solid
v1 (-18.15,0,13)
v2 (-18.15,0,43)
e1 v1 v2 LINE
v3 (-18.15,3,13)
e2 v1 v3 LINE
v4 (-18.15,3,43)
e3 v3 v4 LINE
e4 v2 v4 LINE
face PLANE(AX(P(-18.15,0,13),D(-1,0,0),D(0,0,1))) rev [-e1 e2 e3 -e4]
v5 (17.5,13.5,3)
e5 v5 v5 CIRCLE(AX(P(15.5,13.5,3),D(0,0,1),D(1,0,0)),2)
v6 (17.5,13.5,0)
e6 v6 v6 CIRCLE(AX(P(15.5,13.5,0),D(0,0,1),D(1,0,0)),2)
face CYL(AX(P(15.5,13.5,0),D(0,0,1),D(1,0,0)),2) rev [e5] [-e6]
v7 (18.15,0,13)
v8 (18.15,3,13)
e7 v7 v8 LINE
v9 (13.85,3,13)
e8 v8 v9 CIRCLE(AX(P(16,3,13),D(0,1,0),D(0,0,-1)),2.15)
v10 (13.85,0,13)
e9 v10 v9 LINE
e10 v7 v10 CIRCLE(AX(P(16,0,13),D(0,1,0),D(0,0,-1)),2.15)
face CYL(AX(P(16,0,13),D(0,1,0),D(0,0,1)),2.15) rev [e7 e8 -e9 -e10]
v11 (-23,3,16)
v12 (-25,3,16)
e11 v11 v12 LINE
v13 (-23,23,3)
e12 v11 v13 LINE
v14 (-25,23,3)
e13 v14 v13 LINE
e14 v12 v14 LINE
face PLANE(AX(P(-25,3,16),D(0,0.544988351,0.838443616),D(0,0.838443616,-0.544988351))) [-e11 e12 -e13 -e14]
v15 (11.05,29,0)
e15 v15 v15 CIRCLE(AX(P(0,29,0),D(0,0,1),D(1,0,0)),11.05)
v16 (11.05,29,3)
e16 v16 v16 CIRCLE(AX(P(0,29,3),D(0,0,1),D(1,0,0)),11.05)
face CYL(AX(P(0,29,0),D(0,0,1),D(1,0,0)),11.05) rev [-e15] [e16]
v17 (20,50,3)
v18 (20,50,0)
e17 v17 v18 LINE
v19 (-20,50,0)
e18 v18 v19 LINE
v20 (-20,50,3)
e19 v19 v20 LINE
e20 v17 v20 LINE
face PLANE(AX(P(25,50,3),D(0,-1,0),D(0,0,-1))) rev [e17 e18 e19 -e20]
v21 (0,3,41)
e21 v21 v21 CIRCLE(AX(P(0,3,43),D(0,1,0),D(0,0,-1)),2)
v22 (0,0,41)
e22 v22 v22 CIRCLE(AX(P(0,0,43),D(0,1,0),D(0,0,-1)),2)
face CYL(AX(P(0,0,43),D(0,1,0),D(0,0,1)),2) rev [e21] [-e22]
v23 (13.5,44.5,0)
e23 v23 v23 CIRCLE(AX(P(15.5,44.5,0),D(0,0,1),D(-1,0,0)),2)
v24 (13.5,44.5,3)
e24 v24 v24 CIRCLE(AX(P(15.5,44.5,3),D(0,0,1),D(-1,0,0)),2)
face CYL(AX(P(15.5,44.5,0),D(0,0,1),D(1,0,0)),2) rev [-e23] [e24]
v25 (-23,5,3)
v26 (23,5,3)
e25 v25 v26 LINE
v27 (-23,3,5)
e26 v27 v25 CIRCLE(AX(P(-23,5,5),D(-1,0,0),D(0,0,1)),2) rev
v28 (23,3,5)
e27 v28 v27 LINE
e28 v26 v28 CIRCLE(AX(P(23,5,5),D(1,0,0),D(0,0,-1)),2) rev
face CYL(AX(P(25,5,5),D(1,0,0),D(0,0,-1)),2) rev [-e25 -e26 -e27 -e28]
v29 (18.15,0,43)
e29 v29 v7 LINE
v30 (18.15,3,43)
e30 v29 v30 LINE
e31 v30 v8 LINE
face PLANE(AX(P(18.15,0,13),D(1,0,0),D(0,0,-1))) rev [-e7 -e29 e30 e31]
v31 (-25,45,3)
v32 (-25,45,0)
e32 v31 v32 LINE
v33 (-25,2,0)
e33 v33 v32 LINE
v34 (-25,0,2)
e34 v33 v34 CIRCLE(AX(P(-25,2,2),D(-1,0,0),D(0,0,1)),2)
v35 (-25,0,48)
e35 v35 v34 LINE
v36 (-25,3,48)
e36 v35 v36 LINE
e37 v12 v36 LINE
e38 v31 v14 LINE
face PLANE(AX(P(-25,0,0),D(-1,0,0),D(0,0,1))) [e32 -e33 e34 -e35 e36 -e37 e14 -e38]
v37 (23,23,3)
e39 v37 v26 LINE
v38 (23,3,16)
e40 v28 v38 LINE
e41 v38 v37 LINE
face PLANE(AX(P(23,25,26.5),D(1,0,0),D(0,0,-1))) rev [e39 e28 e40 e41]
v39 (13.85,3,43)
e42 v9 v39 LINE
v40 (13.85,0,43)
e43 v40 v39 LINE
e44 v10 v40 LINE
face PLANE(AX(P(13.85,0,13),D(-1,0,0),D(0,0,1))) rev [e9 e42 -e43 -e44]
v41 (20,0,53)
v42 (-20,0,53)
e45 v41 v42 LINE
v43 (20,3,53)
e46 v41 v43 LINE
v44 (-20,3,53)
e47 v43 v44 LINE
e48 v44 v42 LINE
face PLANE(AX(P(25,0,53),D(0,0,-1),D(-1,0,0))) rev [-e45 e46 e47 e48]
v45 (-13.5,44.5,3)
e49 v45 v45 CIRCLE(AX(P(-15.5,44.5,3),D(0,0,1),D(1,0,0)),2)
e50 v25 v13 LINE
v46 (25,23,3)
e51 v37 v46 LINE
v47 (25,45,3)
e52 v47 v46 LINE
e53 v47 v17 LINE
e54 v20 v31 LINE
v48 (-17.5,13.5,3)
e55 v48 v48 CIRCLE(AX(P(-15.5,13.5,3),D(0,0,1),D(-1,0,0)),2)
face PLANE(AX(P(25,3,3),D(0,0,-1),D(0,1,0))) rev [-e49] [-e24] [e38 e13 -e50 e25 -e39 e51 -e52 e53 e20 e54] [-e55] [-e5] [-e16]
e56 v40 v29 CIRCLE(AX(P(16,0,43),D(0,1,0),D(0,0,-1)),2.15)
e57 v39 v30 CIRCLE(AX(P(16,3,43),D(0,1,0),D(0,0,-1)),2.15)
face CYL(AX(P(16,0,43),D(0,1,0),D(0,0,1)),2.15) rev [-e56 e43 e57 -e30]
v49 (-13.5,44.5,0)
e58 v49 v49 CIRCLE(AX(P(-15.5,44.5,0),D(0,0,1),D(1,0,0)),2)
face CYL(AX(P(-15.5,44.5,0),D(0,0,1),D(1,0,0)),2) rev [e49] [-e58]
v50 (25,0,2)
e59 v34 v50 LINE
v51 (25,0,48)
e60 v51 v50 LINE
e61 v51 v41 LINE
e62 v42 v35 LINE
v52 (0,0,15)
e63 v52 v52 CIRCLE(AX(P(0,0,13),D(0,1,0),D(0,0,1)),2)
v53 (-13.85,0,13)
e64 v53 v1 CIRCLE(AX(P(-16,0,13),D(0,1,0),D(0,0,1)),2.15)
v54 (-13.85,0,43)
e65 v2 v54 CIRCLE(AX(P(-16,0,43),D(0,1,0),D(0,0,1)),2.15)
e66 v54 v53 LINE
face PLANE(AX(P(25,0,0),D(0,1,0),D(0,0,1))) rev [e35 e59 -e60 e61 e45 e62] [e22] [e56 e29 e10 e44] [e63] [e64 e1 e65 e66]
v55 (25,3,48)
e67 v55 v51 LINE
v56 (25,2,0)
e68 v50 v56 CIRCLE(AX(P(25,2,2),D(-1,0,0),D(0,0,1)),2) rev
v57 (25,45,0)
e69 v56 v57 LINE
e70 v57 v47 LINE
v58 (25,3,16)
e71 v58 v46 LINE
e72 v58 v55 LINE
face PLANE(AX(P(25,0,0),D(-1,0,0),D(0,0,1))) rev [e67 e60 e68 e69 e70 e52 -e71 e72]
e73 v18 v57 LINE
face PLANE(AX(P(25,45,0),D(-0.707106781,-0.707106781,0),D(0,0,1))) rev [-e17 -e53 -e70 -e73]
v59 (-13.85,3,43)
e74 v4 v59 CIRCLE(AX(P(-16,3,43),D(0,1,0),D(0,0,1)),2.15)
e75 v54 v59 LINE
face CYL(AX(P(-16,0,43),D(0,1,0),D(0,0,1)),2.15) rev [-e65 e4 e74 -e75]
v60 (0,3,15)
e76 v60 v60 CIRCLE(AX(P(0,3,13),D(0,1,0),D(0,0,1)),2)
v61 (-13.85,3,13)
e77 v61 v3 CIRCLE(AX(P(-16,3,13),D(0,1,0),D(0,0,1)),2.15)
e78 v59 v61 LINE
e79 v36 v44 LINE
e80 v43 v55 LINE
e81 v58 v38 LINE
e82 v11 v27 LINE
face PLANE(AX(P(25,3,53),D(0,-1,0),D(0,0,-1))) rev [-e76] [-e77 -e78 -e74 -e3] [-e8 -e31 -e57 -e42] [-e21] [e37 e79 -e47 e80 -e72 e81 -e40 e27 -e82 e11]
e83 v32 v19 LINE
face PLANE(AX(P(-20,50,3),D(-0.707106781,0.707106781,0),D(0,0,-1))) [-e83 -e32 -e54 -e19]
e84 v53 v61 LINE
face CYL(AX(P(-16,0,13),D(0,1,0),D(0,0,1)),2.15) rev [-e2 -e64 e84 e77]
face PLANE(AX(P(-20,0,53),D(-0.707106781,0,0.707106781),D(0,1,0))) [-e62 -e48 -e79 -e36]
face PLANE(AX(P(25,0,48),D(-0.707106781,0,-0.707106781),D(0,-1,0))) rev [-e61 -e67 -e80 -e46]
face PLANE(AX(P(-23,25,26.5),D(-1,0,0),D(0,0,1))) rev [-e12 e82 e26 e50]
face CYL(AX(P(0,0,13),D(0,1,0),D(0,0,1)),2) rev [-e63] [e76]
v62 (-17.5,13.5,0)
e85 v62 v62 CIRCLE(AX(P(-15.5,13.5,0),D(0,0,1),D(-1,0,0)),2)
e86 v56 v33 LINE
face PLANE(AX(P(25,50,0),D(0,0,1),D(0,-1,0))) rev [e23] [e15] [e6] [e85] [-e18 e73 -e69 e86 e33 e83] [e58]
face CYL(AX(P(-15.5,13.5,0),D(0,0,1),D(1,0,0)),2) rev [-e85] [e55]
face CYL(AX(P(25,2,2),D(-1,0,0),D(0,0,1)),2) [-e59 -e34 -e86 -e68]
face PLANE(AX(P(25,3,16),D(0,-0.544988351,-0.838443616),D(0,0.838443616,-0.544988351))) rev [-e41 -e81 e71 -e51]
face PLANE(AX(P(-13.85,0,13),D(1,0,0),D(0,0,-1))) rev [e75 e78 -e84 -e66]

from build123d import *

# Parameters (mm, degrees)
SALIENTE_EXTRUIR1_DEPTH = 25
NERVIO1_REACH           = 90.369
CROQUIS3_WALL_W         = 202.590813764
CROQUIS3_WALL_H         = 2
REDONDEO1_R             = 2
CROQUIS4_R              = 11.05
CROQUIS4_R_2            = 2
CORTAR_EXTRUIR1_DEPTH   = 76
CHAFL_N1_SIZE           = 5
CORTAR_EXTRUIR2_DEPTH   = 76.119904153
CROQUIS6_R              = 2
CORTAR_EXTRUIR3_DEPTH   = 76.119904153


with BuildPart() as part:
    # Croquis2 → Saliente-Extruir1 (new, symmetric)
    with BuildSketch(Plane(origin=(0, 0, 0), x_dir=(0, 0, -1), z_dir=(1, 0, 0))):
        Polygon((0, 0), (-53, 0), (-53, 3), (-3, 3), (-3, 50), (0, 50), align=None)
    extrude(amount=SALIENTE_EXTRUIR1_DEPTH, both=True)

    # Croquis3 wall → Nervio1 (add, up to next)
    with BuildSketch(Plane(origin=(25, 13, 9.5), x_dir=(0, 0.838443616301, -0.544988350595), z_dir=(0, 0.544988350595, 0.838443616301)), mode=Mode.PRIVATE) as nervio1_sk1:
        with Locations((0, 1)):
            Rectangle(CROQUIS3_WALL_W, CROQUIS3_WALL_H)
    nervio1_tool1 = extrude(nervio1_sk1.sketch, amount=-NERVIO1_REACH, mode=Mode.PRIVATE) - part.part
    nervio1 = nervio1_tool1.solids().sort_by_distance((25, 13, 9.5))[0]
    add(nervio1)

    # Simetría1: Nervio1 across plane
    add(nervio1.mirror(Plane(origin=(0, 0, 0), x_dir=(0, 0, 1), z_dir=(1, 0, 0))))

    # Redondeo1
    redondeo1_edges = [part.edges().sort_by_distance(p)[0] for p in [
        (0, 0, 0),
        (0, 3, 3),
    ]]
    fillet(redondeo1_edges, radius=REDONDEO1_R)

    # Croquis4 → Cortar-Extruir1 (cut, through all)
    with BuildSketch(Plane.XY.offset(3)):
        with Locations((0, 29)):
            Circle(CROQUIS4_R)
        with Locations((-15.5, 44.5)):
            Circle(CROQUIS4_R_2)
        with Locations(Location((15.5, 44.5, 0), (0, 0, 180))):
            Circle(CROQUIS4_R_2)
        with Locations(Location((-15.5, 13.5, 0), (0, 0, 180))):
            Circle(CROQUIS4_R_2)
        with Locations((15.5, 13.5)):
            Circle(CROQUIS4_R_2)
    extrude(amount=-CORTAR_EXTRUIR1_DEPTH, mode=Mode.SUBTRACT)

    # Chaflán1
    chafl_n1_edges = [part.edges().sort_by_distance(p)[0] for p in [
        (25, 1.5, 53),
        (-25, 1.5, 53),
        (-25, 50, 1.5),
        (25, 50, 1.5),
    ]]
    chamfer(chafl_n1_edges, length=CHAFL_N1_SIZE)

    # Croquis5 → Cortar-Extruir2 (cut, through all)
    with BuildSketch(Plane(origin=(0, 3, 0), x_dir=(1, 0, 0), z_dir=(0, 1, 0))):
        with BuildLine():
            Line((-13.85, -13), (-13.85, -43))
            ThreePointArc((-13.85, -43), (-16, -45.15), (-18.15, -43))
            Line((-18.15, -43), (-18.15, -13))
            ThreePointArc((-18.15, -13), (-16, -10.85), (-13.85, -13))
        make_face()
        with BuildLine():
            Line((13.85, -13), (13.85, -43))
            ThreePointArc((13.85, -43), (16, -45.15), (18.15, -43))
            Line((18.15, -43), (18.15, -13))
            ThreePointArc((18.15, -13), (16, -10.85), (13.85, -13))
        make_face()
    extrude(amount=-CORTAR_EXTRUIR2_DEPTH, mode=Mode.SUBTRACT)

    # Croquis6 → Cortar-Extruir3 (cut, through all)
    with BuildSketch(Plane(origin=(0, 3, 0), x_dir=(1, 0, 0), z_dir=(0, 1, 0))):
        with Locations(Location((0, -13, 0), (0, 0, 270))):
            Circle(CROQUIS6_R)
        with Locations(Location((0, -43, 0), (0, 0, 90))):
            Circle(CROQUIS6_R)
    extrude(amount=-CORTAR_EXTRUIR3_DEPTH, mode=Mode.SUBTRACT)


solid = part.part
